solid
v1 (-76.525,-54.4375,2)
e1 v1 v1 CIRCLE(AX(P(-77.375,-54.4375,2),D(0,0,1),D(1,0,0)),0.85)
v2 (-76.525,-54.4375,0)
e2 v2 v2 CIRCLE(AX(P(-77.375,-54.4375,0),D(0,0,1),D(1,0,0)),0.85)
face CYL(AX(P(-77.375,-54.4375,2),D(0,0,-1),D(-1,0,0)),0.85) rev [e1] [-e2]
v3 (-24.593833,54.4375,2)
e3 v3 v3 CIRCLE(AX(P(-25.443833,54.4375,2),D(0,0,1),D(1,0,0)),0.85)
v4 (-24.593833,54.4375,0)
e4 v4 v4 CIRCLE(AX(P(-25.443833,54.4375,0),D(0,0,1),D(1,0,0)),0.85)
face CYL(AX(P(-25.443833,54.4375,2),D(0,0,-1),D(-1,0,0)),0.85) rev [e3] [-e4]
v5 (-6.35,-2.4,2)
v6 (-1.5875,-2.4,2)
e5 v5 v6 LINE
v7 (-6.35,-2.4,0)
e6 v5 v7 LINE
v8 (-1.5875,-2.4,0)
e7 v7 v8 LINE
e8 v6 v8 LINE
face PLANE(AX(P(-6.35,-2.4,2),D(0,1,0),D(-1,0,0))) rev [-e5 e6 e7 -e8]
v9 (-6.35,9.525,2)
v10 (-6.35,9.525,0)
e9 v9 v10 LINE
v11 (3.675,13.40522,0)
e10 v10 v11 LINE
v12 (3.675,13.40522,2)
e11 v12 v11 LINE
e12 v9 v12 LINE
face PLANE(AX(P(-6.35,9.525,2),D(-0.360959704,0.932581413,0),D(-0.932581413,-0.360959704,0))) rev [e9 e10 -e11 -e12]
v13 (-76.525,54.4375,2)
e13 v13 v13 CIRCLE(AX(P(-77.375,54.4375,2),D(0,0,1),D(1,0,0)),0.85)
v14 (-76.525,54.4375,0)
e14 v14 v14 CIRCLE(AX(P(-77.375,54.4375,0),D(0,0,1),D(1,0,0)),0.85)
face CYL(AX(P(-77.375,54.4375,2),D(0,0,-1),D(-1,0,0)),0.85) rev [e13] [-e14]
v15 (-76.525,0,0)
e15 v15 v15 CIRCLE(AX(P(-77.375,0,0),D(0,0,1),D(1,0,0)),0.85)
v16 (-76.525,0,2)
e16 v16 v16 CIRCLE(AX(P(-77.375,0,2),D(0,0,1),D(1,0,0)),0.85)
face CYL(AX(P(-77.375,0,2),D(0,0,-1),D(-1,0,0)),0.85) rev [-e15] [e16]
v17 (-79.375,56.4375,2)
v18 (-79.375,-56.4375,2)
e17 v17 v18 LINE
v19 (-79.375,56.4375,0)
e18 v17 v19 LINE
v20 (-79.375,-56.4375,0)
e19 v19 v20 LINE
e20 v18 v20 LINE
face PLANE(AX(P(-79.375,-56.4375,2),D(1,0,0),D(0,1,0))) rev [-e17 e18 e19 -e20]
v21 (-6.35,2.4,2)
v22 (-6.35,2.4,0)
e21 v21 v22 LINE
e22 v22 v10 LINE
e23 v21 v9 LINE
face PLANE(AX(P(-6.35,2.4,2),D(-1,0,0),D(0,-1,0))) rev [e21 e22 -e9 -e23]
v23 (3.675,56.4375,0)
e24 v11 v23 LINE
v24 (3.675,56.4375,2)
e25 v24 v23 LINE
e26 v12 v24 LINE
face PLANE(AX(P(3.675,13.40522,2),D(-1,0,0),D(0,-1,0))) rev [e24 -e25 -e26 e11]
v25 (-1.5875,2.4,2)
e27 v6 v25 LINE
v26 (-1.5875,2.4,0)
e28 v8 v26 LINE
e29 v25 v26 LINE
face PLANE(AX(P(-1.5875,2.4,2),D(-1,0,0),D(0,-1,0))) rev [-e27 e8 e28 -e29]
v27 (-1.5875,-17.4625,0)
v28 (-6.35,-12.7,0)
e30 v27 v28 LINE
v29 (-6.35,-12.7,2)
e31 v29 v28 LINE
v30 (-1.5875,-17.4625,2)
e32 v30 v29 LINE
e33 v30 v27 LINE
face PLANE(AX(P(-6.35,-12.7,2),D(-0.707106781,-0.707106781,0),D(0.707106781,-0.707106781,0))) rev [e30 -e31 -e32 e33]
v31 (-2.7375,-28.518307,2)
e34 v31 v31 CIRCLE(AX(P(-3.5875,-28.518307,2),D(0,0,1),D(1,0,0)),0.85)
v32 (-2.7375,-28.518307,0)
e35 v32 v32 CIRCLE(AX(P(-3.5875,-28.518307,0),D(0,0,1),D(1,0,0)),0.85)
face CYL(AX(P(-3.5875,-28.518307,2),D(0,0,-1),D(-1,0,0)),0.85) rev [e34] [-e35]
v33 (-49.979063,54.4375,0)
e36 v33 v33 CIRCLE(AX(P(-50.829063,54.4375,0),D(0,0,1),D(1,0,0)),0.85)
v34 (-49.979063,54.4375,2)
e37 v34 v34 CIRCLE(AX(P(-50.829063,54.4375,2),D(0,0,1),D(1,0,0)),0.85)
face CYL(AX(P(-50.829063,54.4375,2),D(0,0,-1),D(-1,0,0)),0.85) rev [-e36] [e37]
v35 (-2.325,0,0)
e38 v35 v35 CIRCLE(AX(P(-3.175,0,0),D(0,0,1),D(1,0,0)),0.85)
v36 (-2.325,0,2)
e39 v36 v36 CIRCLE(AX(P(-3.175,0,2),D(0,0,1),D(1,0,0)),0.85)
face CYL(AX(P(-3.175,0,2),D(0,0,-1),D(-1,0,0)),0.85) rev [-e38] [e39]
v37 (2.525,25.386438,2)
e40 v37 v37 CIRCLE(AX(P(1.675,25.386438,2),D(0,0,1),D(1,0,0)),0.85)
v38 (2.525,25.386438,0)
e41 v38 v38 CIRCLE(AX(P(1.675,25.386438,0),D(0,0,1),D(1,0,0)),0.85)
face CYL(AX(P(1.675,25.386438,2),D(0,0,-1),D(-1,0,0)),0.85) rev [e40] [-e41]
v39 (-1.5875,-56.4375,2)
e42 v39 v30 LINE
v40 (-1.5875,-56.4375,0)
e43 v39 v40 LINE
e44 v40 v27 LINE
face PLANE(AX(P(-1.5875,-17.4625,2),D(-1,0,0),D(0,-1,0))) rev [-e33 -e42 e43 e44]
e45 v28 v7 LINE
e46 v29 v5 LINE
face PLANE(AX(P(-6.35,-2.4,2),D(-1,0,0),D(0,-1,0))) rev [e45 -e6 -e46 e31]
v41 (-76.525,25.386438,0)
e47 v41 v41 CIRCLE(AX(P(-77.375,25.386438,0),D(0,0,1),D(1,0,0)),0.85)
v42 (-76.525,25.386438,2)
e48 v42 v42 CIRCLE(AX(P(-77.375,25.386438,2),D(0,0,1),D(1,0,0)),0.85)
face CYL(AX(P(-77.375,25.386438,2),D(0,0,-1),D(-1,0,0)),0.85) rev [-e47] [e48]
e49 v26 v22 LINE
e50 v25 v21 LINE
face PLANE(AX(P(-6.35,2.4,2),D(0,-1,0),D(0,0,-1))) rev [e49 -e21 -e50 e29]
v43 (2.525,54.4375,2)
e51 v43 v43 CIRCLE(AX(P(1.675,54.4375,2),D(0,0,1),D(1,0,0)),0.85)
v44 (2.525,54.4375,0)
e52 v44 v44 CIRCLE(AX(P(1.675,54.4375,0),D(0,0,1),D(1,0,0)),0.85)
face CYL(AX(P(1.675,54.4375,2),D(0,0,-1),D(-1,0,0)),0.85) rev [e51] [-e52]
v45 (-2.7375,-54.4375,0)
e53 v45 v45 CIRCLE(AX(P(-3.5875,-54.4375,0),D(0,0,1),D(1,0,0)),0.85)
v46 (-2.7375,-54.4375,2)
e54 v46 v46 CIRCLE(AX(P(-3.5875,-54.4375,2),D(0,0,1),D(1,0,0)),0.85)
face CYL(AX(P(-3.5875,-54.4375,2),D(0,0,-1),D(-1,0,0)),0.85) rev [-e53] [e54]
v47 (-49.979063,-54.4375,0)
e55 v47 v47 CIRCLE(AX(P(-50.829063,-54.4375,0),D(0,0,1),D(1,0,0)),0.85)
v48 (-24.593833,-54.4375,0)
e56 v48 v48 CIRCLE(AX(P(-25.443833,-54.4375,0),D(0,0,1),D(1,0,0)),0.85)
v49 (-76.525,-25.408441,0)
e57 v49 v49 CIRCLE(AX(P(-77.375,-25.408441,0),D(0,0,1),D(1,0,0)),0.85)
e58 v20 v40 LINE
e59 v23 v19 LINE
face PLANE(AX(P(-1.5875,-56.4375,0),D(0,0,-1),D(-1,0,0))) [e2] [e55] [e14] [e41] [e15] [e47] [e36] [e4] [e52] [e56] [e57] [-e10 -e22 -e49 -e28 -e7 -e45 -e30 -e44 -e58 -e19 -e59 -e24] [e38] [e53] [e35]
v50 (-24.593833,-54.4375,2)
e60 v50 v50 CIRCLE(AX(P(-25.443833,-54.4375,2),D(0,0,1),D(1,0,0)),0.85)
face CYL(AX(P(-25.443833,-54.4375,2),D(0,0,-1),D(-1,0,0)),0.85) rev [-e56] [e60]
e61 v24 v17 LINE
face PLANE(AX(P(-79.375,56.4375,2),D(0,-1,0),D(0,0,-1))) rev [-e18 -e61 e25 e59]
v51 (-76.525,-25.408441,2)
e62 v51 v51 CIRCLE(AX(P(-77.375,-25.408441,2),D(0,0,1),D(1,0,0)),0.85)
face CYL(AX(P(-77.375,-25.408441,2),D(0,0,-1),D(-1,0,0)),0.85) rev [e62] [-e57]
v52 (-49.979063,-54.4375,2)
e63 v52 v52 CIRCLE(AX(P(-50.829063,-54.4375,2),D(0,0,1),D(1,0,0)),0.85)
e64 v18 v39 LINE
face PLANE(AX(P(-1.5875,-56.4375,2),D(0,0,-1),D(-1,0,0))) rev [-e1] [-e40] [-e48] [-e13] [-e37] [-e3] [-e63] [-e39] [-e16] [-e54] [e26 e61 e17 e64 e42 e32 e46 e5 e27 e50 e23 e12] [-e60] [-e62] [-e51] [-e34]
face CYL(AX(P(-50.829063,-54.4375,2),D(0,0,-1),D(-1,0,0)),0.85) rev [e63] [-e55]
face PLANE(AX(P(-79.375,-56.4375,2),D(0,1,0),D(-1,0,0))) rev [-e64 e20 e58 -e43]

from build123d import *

# Parameters (mm, degrees)
SKETCH1_R      = 0.85
EXTRUDE1_DEPTH = 2


with BuildPart() as part:
    # Sketch1 → Extrude1 (new body)
    with BuildSketch(Plane.XY):
        Polygon((-79.375, -56.4375), (-79.375, 56.4375), (3.675, 56.4375), (3.675, 13.405219977), (-6.35, 9.525), (-6.35, 2.4), (-1.5875, 2.4), (-1.5875, -2.4), (-6.35, -2.4), (-6.35, -12.7), (-1.5875, -17.4625), (-1.5875, -56.4375), align=None)
        with Locations((-3.175, 0)):
            Circle(SKETCH1_R, mode=Mode.SUBTRACT)
        with Locations((1.675, 54.4375)):
            Circle(SKETCH1_R, mode=Mode.SUBTRACT)
        with Locations((-25.443833121, 54.4375)):
            Circle(SKETCH1_R, mode=Mode.SUBTRACT)
        with Locations((-50.829063022, 54.4375)):
            Circle(SKETCH1_R, mode=Mode.SUBTRACT)
        with Locations((-77.375, 54.4375)):
            Circle(SKETCH1_R, mode=Mode.SUBTRACT)
        with Locations((-77.375, 25.386437646)):
            Circle(SKETCH1_R, mode=Mode.SUBTRACT)
        with Locations((-77.375, 0)):
            Circle(SKETCH1_R, mode=Mode.SUBTRACT)
        with Locations((-77.375, -25.408441217)):
            Circle(SKETCH1_R, mode=Mode.SUBTRACT)
        with Locations((-77.375, -54.4375)):
            Circle(SKETCH1_R, mode=Mode.SUBTRACT)
        with Locations((-50.829063022, -54.4375)):
            Circle(SKETCH1_R, mode=Mode.SUBTRACT)
        with Locations((-25.443833121, -54.4375)):
            Circle(SKETCH1_R, mode=Mode.SUBTRACT)
        with Locations((-3.5875, -54.4375)):
            Circle(SKETCH1_R, mode=Mode.SUBTRACT)
        with Locations((-3.5875, -28.51830741)):
            Circle(SKETCH1_R, mode=Mode.SUBTRACT)
        with Locations((1.675, 25.386437646)):
            Circle(SKETCH1_R, mode=Mode.SUBTRACT)
    extrude(amount=EXTRUDE1_DEPTH)


solid = part.part
